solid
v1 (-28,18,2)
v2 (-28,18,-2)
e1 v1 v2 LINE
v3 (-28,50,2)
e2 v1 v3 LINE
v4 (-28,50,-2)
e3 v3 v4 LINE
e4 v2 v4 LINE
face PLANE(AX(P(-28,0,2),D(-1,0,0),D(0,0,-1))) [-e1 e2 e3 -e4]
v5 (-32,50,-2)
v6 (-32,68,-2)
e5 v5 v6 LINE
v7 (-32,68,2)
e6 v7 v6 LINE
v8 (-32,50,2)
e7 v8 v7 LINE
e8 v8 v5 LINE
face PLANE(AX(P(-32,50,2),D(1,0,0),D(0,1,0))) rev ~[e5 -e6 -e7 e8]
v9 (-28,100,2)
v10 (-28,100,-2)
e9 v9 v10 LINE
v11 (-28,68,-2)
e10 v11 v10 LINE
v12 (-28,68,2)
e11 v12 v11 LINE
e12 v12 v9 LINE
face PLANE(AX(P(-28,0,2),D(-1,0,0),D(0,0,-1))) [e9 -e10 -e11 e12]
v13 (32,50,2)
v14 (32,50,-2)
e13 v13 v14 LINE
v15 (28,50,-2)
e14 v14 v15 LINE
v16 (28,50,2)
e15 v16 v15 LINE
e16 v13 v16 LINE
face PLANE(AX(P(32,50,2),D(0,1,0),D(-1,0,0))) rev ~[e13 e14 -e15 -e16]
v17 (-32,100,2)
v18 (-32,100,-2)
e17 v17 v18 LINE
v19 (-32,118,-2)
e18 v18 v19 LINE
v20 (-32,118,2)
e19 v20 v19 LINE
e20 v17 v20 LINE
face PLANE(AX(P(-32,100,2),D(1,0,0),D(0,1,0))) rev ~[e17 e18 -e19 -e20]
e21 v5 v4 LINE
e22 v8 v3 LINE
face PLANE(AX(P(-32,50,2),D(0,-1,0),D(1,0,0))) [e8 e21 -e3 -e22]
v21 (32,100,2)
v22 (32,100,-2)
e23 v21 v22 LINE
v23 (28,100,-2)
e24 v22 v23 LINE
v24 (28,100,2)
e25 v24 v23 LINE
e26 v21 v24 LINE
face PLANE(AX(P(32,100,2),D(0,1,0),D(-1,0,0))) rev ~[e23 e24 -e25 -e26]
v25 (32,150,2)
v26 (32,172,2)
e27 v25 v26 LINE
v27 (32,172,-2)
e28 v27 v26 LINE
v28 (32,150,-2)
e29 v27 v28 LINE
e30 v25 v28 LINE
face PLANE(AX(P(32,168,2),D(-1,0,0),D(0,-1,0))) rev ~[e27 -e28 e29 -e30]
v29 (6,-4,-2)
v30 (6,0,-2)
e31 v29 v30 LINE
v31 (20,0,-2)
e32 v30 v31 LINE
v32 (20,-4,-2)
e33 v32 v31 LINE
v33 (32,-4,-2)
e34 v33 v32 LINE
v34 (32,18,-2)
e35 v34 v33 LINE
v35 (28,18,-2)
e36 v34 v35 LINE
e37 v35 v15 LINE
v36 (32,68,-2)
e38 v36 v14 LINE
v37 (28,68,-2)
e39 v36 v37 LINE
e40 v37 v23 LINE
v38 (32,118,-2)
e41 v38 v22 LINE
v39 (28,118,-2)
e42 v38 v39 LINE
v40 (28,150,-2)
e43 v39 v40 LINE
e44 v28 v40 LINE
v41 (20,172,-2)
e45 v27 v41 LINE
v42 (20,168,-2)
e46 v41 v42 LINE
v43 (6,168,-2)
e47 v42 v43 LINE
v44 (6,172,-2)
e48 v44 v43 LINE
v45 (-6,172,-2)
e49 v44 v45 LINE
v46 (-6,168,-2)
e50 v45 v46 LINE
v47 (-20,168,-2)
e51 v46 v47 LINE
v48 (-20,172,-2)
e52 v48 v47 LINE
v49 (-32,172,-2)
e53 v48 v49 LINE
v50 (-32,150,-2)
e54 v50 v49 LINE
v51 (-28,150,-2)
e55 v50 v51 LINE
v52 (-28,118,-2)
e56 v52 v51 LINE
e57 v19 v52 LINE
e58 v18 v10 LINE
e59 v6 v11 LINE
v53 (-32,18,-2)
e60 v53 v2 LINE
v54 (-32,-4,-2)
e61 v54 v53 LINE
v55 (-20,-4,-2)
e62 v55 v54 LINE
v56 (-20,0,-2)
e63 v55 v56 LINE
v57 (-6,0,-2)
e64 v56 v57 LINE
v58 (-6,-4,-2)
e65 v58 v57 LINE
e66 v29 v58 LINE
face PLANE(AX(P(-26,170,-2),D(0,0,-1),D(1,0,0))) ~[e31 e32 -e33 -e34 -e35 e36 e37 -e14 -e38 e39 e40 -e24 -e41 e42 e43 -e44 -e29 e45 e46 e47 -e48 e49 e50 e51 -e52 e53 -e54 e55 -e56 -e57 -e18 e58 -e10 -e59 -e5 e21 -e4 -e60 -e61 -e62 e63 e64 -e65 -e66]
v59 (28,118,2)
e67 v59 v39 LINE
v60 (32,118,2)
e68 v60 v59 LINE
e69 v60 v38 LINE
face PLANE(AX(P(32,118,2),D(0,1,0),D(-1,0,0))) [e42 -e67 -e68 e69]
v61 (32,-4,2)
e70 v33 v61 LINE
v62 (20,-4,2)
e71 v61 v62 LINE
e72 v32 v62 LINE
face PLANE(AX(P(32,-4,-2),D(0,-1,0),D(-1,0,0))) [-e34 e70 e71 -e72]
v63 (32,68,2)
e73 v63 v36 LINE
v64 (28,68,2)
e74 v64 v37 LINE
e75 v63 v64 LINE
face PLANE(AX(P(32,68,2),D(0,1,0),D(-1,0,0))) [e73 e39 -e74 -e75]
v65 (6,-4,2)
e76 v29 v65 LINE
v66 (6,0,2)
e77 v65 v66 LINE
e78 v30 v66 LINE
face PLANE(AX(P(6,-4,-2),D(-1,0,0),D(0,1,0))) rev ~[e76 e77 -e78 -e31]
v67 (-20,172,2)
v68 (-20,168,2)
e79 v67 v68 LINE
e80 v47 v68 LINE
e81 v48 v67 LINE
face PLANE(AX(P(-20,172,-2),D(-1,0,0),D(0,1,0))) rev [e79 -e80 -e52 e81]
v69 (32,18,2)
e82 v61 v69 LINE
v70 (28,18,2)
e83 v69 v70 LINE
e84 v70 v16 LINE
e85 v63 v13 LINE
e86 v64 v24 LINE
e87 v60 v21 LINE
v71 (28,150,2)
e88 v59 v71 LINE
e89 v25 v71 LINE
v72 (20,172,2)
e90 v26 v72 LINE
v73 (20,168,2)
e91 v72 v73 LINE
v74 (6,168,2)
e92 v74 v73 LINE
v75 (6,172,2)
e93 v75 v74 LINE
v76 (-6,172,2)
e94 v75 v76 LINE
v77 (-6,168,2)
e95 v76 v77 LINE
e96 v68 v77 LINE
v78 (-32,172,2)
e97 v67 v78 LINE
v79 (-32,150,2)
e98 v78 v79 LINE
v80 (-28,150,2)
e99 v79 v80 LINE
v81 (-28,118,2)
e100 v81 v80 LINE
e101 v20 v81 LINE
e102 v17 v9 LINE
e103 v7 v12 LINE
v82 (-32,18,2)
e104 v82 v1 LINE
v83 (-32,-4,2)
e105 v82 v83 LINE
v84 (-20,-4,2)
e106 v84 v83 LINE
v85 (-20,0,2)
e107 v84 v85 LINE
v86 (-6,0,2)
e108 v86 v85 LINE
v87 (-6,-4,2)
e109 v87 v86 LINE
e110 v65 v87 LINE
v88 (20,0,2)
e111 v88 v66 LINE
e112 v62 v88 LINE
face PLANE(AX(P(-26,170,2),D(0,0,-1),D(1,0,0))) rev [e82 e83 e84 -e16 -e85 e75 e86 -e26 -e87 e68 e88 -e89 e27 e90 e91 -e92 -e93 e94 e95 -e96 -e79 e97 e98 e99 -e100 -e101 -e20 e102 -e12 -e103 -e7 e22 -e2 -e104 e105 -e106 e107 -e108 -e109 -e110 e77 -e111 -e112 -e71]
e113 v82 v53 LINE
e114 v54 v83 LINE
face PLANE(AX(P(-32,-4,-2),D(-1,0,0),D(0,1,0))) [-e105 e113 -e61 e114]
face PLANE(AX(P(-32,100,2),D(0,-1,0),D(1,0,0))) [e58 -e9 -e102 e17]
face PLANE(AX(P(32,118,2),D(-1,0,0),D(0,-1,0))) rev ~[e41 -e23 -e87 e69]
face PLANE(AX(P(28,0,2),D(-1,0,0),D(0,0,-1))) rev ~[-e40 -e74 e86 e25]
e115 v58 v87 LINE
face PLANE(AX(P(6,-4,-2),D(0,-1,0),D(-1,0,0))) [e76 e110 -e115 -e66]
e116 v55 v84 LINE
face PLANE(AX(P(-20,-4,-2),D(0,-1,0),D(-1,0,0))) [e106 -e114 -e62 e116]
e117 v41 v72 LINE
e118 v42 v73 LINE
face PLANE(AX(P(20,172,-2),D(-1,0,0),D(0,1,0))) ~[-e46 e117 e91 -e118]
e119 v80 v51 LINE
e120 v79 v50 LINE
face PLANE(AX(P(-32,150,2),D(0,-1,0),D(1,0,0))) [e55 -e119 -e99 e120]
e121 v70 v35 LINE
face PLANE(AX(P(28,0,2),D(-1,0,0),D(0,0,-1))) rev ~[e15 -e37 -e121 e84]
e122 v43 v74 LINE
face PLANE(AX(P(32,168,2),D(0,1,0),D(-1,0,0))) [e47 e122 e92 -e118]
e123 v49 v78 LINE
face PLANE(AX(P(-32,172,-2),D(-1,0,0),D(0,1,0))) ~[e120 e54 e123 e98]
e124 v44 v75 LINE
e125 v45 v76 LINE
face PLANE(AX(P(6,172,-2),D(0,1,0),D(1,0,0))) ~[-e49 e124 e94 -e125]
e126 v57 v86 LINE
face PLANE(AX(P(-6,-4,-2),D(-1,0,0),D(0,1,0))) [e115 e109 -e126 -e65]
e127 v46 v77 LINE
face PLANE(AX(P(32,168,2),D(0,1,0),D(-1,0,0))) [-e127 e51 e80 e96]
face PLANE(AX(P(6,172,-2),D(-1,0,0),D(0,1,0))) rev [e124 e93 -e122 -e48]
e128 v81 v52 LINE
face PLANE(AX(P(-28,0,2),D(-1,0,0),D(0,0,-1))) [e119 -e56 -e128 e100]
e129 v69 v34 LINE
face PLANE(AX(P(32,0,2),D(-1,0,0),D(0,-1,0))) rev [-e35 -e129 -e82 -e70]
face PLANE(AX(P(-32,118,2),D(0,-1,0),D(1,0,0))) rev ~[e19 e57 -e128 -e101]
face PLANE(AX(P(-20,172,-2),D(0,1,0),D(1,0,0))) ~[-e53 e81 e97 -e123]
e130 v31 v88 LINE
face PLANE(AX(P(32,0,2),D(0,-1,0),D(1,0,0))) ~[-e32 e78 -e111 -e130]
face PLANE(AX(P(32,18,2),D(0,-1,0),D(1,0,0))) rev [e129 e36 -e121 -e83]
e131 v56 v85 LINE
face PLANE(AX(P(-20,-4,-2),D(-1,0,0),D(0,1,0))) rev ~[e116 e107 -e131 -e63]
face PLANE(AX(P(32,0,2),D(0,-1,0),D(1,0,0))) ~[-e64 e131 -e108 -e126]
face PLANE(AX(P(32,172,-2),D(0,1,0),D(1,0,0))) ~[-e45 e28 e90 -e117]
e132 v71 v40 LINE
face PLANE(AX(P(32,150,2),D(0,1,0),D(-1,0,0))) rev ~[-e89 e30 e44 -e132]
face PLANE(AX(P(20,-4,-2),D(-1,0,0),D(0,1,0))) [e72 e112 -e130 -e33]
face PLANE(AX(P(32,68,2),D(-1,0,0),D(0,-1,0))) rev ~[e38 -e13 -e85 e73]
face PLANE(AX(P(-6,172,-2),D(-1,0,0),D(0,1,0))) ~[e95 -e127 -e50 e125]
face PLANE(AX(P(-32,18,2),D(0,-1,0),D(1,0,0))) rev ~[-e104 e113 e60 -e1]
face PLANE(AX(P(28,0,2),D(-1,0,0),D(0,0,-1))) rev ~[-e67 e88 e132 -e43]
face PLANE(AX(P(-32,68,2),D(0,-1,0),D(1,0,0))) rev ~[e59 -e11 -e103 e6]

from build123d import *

# Parameters (mm, degrees)
SKETCH1_W               = 56
SKETCH1_H               = 4
BOSS_EXTRUDE1_DEPTH     = 168
SKETCH2_W               = 4
SKETCH2_H               = 18
BOSS_EXTRUDE3_DEPTH     = 4
LPATTERN1_COUNT         = 4
LPATTERN1_PITCH         = 50
MIRROR1_COPY_1_SKETCH_W = 4
MIRROR1_COPY_1_SKETCH_H = 18
MIRROR1_COPY_1_DEPTH    = 4
MIRROR1_COPY_2_SKETCH_W = 4
MIRROR1_COPY_2_SKETCH_H = 18
MIRROR1_COPY_2_DEPTH    = 4
MIRROR1_COPY_3_SKETCH_W = 4
MIRROR1_COPY_3_SKETCH_H = 18
MIRROR1_COPY_3_DEPTH    = 4
SKETCH3_W               = 12
SKETCH3_H               = 4
BOSS_EXTRUDE4_DEPTH     = 4


with BuildPart() as part:
    # Sketch1 → Boss-Extrude1 (new body)
    with BuildSketch(Plane(origin=(0, 0, 0), x_dir=(1, 0, 0), z_dir=(0, 1, 0))):
        Rectangle(SKETCH1_W, SKETCH1_H)
    extrude(amount=BOSS_EXTRUDE1_DEPTH)

    # Sketch2 → Boss-Extrude3 (add, through all)
    with BuildSketch(Plane.XY.offset(2)):
        with Locations((-30, 9)):
            Rectangle(SKETCH2_W, SKETCH2_H)
    boss_extrude3 = extrude(amount=-BOSS_EXTRUDE3_DEPTH)

    # LPattern1: Boss-Extrude3 ×4
    with Locations(*[(0, i * LPATTERN1_PITCH, 0) for i in range(1, LPATTERN1_COUNT)]):
        add(boss_extrude3)

    # Mirror1: Boss-Extrude3 across plane
    add(boss_extrude3.mirror(Plane(origin=(0, 0, 0), x_dir=(0, 0, 1), z_dir=(1, 0, 0))))

    # Mirror1 copy 1 sketch → Mirror1 copy 1 (add, through all)
    with BuildSketch(Plane(origin=(0, 50, 2), x_dir=(-1, 0, 0), z_dir=(0, 0, 1))):
        with Locations((-30, -9)):
            Rectangle(MIRROR1_COPY_1_SKETCH_W, MIRROR1_COPY_1_SKETCH_H)
    extrude(amount=-MIRROR1_COPY_1_DEPTH)

    # Mirror1 copy 2 sketch → Mirror1 copy 2 (add, through all)
    with BuildSketch(Plane(origin=(0, 100, 2), x_dir=(-1, 0, 0), z_dir=(0, 0, 1))):
        with Locations((-30, -9)):
            Rectangle(MIRROR1_COPY_2_SKETCH_W, MIRROR1_COPY_2_SKETCH_H)
    extrude(amount=-MIRROR1_COPY_2_DEPTH)

    # Mirror1 copy 3 sketch → Mirror1 copy 3 (add, through all)
    with BuildSketch(Plane(origin=(0, 150, 2), x_dir=(-1, 0, 0), z_dir=(0, 0, 1))):
        with Locations((-30, -9)):
            Rectangle(MIRROR1_COPY_3_SKETCH_W, MIRROR1_COPY_3_SKETCH_H)
    extrude(amount=-MIRROR1_COPY_3_DEPTH)

    # Sketch3 → Boss-Extrude4 (add, through all)
    with BuildSketch(Plane(origin=(0, 0, -2), x_dir=(-1, 0, 0), z_dir=(0, 0, -1))):
        with Locations((26, -2)):
            Rectangle(SKETCH3_W, SKETCH3_H)
        with Locations((0, -2)):
            Rectangle(SKETCH3_W, SKETCH3_H)
        with Locations((-26, -2)):
            Rectangle(SKETCH3_W, SKETCH3_H)
    boss_extrude4 = extrude(amount=-BOSS_EXTRUDE4_DEPTH)

    # Mirror2: Boss-Extrude4 across plane
    add(boss_extrude4.mirror(Plane(origin=(0, 84, 0), x_dir=(0, 0, 1), z_dir=(0, -1, 0))))


solid = part.part
